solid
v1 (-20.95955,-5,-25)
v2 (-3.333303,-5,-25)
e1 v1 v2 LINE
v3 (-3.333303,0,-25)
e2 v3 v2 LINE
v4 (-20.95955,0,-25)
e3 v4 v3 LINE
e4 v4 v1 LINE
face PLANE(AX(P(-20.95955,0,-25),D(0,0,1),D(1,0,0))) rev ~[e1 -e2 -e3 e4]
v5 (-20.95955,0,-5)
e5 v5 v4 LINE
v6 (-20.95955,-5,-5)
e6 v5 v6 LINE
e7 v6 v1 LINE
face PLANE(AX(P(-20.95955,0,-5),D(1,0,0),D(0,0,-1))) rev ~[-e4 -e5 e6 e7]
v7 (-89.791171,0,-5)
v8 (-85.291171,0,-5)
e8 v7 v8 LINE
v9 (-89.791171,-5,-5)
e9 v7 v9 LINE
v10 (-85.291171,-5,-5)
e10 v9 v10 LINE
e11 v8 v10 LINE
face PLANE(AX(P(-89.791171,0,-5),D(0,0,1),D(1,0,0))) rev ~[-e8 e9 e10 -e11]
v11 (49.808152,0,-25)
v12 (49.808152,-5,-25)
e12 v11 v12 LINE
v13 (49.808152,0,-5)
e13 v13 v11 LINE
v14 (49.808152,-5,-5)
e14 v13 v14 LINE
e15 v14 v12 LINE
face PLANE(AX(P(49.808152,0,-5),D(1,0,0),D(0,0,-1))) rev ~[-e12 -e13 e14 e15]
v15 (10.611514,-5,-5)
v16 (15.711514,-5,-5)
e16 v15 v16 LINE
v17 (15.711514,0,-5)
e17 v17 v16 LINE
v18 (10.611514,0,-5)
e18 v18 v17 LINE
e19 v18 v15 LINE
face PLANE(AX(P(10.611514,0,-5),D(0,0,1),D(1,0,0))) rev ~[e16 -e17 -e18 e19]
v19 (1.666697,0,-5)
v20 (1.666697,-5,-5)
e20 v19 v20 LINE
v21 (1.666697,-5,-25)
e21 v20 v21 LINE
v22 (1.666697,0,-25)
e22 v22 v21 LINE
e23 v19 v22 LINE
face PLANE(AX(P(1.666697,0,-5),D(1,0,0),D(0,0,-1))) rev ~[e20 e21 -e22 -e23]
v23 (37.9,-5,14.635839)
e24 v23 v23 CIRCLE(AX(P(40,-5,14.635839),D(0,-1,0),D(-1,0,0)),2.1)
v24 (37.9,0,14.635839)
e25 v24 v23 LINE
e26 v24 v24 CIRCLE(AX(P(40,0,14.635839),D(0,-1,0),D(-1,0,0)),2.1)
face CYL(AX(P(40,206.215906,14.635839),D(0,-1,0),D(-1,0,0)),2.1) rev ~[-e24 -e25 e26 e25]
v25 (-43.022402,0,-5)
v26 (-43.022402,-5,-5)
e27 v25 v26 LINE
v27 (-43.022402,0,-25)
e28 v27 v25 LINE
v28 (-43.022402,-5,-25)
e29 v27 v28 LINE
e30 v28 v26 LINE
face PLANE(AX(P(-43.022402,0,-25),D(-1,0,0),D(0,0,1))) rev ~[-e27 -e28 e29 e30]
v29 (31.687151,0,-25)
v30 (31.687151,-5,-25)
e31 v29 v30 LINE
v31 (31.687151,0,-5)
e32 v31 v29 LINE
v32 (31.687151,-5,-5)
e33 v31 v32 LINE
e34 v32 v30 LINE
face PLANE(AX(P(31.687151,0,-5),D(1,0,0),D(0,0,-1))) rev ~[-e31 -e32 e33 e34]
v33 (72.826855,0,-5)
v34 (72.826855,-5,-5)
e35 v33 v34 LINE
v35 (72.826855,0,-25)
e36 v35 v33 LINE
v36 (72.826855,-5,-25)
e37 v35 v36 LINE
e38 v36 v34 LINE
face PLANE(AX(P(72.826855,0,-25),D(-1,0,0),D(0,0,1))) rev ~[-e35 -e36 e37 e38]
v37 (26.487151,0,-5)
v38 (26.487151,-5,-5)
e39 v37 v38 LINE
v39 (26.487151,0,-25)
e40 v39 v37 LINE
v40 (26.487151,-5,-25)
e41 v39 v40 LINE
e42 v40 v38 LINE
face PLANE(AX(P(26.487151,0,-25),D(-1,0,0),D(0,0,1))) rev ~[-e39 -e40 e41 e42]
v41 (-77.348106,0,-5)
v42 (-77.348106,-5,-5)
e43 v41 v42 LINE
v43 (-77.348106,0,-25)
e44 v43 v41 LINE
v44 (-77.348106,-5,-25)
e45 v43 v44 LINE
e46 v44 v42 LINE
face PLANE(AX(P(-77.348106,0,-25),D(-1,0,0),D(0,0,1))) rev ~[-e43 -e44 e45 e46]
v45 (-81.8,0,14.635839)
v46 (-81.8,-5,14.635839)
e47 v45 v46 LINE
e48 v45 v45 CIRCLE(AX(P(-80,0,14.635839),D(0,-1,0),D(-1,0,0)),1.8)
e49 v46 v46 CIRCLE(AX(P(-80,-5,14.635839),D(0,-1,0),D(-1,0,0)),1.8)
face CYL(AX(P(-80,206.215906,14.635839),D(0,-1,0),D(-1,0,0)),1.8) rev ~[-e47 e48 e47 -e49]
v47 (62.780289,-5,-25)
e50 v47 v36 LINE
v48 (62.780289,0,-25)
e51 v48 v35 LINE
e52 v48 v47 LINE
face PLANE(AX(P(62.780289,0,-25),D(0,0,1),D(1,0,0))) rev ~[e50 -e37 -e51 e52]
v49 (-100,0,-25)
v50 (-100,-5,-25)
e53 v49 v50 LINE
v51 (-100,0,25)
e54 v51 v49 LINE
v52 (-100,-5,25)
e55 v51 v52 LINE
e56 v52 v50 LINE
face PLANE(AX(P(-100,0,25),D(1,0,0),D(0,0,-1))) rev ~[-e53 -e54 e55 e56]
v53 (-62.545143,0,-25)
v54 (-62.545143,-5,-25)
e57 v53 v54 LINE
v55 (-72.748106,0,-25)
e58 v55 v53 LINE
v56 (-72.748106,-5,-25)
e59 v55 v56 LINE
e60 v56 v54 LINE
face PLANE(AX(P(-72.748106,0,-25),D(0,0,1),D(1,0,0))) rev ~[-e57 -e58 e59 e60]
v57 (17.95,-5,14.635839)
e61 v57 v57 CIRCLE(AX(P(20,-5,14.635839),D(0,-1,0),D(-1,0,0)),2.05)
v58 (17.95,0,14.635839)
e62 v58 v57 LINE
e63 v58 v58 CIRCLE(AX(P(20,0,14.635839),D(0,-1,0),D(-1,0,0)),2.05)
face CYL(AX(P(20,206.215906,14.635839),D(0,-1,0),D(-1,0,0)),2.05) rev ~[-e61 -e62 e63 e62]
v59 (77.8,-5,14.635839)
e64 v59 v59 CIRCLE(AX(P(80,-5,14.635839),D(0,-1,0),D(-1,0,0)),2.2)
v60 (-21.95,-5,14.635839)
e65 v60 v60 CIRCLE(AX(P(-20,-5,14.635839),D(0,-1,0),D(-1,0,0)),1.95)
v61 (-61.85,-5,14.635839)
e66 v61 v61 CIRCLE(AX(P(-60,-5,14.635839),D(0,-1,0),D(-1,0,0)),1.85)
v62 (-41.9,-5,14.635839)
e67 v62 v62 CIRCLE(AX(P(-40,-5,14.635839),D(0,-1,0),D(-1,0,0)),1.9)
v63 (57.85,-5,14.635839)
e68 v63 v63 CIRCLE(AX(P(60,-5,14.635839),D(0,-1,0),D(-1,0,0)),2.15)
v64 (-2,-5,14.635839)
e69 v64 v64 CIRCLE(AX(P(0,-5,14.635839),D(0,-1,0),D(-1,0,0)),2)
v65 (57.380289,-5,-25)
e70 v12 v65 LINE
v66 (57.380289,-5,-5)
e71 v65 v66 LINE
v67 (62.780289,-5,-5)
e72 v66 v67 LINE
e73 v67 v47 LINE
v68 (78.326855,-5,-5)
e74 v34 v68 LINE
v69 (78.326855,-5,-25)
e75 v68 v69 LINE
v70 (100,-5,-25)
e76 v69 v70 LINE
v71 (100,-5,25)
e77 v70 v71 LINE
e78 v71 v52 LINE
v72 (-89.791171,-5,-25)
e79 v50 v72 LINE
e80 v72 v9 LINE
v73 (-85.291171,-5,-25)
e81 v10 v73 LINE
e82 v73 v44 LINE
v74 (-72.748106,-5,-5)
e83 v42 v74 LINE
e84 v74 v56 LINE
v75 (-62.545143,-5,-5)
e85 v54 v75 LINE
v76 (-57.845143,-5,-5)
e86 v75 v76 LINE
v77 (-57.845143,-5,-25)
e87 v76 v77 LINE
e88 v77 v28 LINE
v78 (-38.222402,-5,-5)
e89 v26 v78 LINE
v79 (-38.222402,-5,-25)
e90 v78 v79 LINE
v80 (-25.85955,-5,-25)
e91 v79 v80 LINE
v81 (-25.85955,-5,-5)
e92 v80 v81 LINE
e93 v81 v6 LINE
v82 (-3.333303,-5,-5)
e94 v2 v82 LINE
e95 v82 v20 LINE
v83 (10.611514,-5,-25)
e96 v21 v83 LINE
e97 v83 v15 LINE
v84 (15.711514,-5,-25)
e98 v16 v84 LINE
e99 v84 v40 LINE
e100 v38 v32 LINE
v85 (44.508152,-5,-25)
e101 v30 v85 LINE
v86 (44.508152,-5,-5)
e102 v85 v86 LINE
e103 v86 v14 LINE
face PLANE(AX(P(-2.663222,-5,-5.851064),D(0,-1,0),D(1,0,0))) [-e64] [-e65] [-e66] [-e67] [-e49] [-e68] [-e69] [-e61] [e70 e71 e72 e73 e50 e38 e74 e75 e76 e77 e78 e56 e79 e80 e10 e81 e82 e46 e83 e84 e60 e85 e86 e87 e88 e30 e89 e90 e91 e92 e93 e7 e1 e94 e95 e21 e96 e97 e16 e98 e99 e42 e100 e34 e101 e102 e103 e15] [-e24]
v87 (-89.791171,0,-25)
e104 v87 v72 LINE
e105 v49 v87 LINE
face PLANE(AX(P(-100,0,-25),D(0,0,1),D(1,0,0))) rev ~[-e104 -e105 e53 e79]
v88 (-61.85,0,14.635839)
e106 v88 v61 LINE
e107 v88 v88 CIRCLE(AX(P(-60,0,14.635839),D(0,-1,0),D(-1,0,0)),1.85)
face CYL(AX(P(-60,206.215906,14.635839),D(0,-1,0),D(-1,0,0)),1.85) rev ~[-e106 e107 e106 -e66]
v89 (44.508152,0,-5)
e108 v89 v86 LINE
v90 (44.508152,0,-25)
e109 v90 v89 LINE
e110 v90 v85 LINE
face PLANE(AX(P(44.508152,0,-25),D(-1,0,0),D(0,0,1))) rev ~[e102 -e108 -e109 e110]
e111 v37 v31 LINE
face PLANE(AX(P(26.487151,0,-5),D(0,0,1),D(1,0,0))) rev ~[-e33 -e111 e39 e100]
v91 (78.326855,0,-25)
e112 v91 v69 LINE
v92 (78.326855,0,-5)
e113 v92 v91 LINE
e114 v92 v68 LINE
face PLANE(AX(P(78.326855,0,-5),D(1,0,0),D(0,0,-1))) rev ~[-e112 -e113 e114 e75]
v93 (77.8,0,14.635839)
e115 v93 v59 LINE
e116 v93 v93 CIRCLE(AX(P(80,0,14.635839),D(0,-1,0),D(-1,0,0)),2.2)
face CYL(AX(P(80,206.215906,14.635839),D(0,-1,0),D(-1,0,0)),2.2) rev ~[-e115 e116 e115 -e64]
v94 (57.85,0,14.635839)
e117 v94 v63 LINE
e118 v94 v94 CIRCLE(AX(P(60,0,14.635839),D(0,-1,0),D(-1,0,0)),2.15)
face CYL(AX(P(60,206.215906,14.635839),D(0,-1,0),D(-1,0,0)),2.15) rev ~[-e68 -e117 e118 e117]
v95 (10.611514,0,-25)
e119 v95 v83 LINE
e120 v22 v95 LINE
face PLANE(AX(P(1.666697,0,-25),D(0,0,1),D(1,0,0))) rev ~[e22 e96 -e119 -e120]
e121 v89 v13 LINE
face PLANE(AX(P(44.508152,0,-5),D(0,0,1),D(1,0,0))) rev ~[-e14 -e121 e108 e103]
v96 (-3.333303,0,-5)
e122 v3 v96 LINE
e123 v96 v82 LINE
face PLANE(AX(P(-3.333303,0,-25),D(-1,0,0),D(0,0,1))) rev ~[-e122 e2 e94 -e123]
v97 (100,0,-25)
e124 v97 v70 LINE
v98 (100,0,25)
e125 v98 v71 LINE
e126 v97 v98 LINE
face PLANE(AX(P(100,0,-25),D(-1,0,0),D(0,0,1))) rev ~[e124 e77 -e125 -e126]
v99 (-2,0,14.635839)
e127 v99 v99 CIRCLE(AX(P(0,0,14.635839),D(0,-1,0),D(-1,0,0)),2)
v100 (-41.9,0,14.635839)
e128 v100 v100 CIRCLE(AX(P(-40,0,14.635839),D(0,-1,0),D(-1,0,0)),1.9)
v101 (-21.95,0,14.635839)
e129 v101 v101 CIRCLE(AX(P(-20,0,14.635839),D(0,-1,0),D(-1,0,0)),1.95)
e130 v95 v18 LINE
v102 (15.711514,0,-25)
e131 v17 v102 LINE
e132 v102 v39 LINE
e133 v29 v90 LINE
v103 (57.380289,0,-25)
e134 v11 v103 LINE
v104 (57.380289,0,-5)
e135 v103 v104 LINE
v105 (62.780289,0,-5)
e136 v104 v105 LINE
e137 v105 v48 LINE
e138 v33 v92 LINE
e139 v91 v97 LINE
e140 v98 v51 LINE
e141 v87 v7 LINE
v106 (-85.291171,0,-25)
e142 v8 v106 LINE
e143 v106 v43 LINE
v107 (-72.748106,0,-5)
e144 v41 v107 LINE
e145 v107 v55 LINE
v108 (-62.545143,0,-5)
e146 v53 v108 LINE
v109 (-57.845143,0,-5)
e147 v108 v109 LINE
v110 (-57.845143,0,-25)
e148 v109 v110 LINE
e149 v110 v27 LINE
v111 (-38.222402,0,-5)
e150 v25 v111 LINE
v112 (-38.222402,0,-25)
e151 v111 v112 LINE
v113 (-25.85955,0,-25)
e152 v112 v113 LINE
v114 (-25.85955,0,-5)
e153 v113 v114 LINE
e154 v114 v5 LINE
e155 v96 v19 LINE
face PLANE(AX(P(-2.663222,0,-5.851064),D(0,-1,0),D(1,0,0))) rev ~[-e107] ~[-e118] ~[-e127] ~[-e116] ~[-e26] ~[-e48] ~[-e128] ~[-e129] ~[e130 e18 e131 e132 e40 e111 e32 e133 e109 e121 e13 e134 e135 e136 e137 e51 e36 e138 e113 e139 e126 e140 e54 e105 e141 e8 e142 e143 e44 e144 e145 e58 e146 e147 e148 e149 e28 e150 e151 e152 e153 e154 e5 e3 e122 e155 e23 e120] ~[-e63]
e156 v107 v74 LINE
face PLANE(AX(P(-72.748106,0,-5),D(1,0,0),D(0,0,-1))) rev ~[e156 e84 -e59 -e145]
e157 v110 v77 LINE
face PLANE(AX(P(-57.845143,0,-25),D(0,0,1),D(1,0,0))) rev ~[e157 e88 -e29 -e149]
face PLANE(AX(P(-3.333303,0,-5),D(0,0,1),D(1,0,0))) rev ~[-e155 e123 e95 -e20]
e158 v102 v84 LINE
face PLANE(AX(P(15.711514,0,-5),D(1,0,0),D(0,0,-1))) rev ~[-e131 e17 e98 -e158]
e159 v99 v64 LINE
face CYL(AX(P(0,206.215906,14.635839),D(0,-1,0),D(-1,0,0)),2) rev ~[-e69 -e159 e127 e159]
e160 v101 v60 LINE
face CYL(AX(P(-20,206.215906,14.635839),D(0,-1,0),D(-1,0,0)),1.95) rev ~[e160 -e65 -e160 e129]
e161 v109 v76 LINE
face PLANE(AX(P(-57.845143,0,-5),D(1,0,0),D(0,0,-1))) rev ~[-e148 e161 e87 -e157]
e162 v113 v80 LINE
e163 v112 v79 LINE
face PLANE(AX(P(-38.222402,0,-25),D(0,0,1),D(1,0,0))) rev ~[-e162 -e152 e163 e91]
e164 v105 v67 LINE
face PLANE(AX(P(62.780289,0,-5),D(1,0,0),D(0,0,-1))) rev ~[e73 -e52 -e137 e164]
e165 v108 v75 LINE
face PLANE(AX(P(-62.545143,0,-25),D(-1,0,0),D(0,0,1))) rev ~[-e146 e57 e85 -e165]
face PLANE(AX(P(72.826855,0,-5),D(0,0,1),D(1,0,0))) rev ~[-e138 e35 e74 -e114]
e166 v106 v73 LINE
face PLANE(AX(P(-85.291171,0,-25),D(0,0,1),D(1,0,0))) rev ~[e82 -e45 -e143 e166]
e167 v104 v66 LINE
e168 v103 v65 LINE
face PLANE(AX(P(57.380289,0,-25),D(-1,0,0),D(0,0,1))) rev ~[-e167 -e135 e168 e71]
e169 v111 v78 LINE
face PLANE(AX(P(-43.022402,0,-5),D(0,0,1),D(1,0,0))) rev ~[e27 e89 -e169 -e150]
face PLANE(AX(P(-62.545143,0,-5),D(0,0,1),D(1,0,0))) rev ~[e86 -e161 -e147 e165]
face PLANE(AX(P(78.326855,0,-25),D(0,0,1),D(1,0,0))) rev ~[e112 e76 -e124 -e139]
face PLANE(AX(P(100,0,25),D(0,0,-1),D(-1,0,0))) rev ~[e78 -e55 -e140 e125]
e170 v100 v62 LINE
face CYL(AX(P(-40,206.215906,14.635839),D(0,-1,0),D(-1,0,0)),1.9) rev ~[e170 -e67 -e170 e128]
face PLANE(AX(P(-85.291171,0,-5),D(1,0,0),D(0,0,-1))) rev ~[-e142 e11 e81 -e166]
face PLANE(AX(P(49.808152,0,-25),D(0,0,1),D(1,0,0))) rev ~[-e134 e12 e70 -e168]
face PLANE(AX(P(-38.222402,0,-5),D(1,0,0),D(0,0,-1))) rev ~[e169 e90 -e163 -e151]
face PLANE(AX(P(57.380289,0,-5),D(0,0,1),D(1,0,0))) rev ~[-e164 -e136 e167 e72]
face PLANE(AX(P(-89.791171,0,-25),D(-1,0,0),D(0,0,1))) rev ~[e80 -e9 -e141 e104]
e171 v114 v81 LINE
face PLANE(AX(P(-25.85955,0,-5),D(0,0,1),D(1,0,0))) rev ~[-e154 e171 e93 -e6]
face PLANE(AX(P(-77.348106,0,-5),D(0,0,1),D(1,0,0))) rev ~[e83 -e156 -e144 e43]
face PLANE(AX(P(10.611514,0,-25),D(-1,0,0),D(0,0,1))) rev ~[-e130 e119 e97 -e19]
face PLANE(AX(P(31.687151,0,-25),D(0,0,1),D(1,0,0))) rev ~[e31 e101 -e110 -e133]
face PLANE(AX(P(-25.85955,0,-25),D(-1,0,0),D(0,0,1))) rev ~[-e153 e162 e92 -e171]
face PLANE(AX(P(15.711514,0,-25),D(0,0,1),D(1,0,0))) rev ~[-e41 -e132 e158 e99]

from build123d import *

# Parameters (mm, degrees)
F1_DEPTH = 5
F3_D     = 4
F4_D     = 4.1
F5_D     = 4.2
F6_D     = 4.3
F7_D     = 4.4
F8_D     = 3.9
F9_D     = 3.8
F10_D    = 3.7
F11_D    = 3.6


with BuildPart() as f1:
    # F0 (on Front) → F1 (new body)
    with BuildSketch(Plane.XZ):
        Polygon((100, -25), (100, 25), (-100, 25), (-100, -25), (-89.7911712527, -25), (-89.7911712527, -5), (-85.2911712527, -5), (-85.2911712527, -25), (-77.3481056094, -25), (-77.3481056094, -5), (-72.7481056094, -5), (-72.7481056094, -25), (-62.5451430678, -25), (-62.5451430678, -5), (-57.8451430678, -5), (-57.8451430678, -25), (-43.0224016309, -25), (-43.0224016309, -5), (-38.2224016309, -5), (-38.2224016309, -25), (-25.8595496416, -25), (-25.8595496416, -5), (-20.9595496416, -5), (-20.9595496416, -25), (-3.3333026804, -25), (-3.3333026804, -5), (1.6666973196, -5), (1.6666973196, -25), (10.6115136296, -25), (10.6115136296, -5), (15.7115136296, -5), (15.7115136296, -25), (26.4871511608, -25), (26.4871511608, -5), (31.6871511608, -5), (31.6871511608, -25), (44.50815171, -25), (44.50815171, -5), (49.80815171, -5), (49.80815171, -25), (57.3802888393, -25), (57.3802888393, -5), (62.7802888393, -5), (62.7802888393, -25), (72.8268548846, -25), (72.8268548846, -5), (78.3268548846, -5), (78.3268548846, -25), align=None)
    extrude(amount=F1_DEPTH)

    # F3 (through all)
    with Locations(Plane(origin=(0, 0, 0), x_dir=(1, 0, 0), z_dir=(0, 1, 0))):
        with Locations((0, -14.6358385682)):
            Hole(F3_D / 2)

    # F4 (through all)
    with Locations(Plane(origin=(0, 0, 0), x_dir=(1, 0, 0), z_dir=(0, 1, 0))):
        with Locations((20, -14.6358385682)):
            Hole(F4_D / 2)

    # F5 (through all)
    with Locations(Plane(origin=(0, 0, 0), x_dir=(1, 0, 0), z_dir=(0, 1, 0))):
        with Locations((40, -14.6358385682)):
            Hole(F5_D / 2)

    # F6 (through all)
    with Locations(Plane(origin=(0, 0, 0), x_dir=(1, 0, 0), z_dir=(0, 1, 0))):
        with Locations((60, -14.6358385682)):
            Hole(F6_D / 2)

    # F7 (through all)
    with Locations(Plane(origin=(0, 0, 0), x_dir=(1, 0, 0), z_dir=(0, 1, 0))):
        with Locations((80, -14.6358385682)):
            Hole(F7_D / 2)

    # F8 (through all)
    with Locations(Plane(origin=(0, 0, 0), x_dir=(1, 0, 0), z_dir=(0, 1, 0))):
        with Locations((-20, -14.6358385682)):
            Hole(F8_D / 2)

    # F9 (through all)
    with Locations(Plane(origin=(0, 0, 0), x_dir=(1, 0, 0), z_dir=(0, 1, 0))):
        with Locations((-40, -14.6358385682)):
            Hole(F9_D / 2)

    # F10 (through all)
    with Locations(Plane(origin=(0, 0, 0), x_dir=(1, 0, 0), z_dir=(0, 1, 0))):
        with Locations((-60, -14.6358385682)):
            Hole(F10_D / 2)

    # F11 (through all)
    with Locations(Plane(origin=(0, 0, 0), x_dir=(1, 0, 0), z_dir=(0, 1, 0))):
        with Locations((-80, -14.6358385682)):
            Hole(F11_D / 2)


solid = f1.part
